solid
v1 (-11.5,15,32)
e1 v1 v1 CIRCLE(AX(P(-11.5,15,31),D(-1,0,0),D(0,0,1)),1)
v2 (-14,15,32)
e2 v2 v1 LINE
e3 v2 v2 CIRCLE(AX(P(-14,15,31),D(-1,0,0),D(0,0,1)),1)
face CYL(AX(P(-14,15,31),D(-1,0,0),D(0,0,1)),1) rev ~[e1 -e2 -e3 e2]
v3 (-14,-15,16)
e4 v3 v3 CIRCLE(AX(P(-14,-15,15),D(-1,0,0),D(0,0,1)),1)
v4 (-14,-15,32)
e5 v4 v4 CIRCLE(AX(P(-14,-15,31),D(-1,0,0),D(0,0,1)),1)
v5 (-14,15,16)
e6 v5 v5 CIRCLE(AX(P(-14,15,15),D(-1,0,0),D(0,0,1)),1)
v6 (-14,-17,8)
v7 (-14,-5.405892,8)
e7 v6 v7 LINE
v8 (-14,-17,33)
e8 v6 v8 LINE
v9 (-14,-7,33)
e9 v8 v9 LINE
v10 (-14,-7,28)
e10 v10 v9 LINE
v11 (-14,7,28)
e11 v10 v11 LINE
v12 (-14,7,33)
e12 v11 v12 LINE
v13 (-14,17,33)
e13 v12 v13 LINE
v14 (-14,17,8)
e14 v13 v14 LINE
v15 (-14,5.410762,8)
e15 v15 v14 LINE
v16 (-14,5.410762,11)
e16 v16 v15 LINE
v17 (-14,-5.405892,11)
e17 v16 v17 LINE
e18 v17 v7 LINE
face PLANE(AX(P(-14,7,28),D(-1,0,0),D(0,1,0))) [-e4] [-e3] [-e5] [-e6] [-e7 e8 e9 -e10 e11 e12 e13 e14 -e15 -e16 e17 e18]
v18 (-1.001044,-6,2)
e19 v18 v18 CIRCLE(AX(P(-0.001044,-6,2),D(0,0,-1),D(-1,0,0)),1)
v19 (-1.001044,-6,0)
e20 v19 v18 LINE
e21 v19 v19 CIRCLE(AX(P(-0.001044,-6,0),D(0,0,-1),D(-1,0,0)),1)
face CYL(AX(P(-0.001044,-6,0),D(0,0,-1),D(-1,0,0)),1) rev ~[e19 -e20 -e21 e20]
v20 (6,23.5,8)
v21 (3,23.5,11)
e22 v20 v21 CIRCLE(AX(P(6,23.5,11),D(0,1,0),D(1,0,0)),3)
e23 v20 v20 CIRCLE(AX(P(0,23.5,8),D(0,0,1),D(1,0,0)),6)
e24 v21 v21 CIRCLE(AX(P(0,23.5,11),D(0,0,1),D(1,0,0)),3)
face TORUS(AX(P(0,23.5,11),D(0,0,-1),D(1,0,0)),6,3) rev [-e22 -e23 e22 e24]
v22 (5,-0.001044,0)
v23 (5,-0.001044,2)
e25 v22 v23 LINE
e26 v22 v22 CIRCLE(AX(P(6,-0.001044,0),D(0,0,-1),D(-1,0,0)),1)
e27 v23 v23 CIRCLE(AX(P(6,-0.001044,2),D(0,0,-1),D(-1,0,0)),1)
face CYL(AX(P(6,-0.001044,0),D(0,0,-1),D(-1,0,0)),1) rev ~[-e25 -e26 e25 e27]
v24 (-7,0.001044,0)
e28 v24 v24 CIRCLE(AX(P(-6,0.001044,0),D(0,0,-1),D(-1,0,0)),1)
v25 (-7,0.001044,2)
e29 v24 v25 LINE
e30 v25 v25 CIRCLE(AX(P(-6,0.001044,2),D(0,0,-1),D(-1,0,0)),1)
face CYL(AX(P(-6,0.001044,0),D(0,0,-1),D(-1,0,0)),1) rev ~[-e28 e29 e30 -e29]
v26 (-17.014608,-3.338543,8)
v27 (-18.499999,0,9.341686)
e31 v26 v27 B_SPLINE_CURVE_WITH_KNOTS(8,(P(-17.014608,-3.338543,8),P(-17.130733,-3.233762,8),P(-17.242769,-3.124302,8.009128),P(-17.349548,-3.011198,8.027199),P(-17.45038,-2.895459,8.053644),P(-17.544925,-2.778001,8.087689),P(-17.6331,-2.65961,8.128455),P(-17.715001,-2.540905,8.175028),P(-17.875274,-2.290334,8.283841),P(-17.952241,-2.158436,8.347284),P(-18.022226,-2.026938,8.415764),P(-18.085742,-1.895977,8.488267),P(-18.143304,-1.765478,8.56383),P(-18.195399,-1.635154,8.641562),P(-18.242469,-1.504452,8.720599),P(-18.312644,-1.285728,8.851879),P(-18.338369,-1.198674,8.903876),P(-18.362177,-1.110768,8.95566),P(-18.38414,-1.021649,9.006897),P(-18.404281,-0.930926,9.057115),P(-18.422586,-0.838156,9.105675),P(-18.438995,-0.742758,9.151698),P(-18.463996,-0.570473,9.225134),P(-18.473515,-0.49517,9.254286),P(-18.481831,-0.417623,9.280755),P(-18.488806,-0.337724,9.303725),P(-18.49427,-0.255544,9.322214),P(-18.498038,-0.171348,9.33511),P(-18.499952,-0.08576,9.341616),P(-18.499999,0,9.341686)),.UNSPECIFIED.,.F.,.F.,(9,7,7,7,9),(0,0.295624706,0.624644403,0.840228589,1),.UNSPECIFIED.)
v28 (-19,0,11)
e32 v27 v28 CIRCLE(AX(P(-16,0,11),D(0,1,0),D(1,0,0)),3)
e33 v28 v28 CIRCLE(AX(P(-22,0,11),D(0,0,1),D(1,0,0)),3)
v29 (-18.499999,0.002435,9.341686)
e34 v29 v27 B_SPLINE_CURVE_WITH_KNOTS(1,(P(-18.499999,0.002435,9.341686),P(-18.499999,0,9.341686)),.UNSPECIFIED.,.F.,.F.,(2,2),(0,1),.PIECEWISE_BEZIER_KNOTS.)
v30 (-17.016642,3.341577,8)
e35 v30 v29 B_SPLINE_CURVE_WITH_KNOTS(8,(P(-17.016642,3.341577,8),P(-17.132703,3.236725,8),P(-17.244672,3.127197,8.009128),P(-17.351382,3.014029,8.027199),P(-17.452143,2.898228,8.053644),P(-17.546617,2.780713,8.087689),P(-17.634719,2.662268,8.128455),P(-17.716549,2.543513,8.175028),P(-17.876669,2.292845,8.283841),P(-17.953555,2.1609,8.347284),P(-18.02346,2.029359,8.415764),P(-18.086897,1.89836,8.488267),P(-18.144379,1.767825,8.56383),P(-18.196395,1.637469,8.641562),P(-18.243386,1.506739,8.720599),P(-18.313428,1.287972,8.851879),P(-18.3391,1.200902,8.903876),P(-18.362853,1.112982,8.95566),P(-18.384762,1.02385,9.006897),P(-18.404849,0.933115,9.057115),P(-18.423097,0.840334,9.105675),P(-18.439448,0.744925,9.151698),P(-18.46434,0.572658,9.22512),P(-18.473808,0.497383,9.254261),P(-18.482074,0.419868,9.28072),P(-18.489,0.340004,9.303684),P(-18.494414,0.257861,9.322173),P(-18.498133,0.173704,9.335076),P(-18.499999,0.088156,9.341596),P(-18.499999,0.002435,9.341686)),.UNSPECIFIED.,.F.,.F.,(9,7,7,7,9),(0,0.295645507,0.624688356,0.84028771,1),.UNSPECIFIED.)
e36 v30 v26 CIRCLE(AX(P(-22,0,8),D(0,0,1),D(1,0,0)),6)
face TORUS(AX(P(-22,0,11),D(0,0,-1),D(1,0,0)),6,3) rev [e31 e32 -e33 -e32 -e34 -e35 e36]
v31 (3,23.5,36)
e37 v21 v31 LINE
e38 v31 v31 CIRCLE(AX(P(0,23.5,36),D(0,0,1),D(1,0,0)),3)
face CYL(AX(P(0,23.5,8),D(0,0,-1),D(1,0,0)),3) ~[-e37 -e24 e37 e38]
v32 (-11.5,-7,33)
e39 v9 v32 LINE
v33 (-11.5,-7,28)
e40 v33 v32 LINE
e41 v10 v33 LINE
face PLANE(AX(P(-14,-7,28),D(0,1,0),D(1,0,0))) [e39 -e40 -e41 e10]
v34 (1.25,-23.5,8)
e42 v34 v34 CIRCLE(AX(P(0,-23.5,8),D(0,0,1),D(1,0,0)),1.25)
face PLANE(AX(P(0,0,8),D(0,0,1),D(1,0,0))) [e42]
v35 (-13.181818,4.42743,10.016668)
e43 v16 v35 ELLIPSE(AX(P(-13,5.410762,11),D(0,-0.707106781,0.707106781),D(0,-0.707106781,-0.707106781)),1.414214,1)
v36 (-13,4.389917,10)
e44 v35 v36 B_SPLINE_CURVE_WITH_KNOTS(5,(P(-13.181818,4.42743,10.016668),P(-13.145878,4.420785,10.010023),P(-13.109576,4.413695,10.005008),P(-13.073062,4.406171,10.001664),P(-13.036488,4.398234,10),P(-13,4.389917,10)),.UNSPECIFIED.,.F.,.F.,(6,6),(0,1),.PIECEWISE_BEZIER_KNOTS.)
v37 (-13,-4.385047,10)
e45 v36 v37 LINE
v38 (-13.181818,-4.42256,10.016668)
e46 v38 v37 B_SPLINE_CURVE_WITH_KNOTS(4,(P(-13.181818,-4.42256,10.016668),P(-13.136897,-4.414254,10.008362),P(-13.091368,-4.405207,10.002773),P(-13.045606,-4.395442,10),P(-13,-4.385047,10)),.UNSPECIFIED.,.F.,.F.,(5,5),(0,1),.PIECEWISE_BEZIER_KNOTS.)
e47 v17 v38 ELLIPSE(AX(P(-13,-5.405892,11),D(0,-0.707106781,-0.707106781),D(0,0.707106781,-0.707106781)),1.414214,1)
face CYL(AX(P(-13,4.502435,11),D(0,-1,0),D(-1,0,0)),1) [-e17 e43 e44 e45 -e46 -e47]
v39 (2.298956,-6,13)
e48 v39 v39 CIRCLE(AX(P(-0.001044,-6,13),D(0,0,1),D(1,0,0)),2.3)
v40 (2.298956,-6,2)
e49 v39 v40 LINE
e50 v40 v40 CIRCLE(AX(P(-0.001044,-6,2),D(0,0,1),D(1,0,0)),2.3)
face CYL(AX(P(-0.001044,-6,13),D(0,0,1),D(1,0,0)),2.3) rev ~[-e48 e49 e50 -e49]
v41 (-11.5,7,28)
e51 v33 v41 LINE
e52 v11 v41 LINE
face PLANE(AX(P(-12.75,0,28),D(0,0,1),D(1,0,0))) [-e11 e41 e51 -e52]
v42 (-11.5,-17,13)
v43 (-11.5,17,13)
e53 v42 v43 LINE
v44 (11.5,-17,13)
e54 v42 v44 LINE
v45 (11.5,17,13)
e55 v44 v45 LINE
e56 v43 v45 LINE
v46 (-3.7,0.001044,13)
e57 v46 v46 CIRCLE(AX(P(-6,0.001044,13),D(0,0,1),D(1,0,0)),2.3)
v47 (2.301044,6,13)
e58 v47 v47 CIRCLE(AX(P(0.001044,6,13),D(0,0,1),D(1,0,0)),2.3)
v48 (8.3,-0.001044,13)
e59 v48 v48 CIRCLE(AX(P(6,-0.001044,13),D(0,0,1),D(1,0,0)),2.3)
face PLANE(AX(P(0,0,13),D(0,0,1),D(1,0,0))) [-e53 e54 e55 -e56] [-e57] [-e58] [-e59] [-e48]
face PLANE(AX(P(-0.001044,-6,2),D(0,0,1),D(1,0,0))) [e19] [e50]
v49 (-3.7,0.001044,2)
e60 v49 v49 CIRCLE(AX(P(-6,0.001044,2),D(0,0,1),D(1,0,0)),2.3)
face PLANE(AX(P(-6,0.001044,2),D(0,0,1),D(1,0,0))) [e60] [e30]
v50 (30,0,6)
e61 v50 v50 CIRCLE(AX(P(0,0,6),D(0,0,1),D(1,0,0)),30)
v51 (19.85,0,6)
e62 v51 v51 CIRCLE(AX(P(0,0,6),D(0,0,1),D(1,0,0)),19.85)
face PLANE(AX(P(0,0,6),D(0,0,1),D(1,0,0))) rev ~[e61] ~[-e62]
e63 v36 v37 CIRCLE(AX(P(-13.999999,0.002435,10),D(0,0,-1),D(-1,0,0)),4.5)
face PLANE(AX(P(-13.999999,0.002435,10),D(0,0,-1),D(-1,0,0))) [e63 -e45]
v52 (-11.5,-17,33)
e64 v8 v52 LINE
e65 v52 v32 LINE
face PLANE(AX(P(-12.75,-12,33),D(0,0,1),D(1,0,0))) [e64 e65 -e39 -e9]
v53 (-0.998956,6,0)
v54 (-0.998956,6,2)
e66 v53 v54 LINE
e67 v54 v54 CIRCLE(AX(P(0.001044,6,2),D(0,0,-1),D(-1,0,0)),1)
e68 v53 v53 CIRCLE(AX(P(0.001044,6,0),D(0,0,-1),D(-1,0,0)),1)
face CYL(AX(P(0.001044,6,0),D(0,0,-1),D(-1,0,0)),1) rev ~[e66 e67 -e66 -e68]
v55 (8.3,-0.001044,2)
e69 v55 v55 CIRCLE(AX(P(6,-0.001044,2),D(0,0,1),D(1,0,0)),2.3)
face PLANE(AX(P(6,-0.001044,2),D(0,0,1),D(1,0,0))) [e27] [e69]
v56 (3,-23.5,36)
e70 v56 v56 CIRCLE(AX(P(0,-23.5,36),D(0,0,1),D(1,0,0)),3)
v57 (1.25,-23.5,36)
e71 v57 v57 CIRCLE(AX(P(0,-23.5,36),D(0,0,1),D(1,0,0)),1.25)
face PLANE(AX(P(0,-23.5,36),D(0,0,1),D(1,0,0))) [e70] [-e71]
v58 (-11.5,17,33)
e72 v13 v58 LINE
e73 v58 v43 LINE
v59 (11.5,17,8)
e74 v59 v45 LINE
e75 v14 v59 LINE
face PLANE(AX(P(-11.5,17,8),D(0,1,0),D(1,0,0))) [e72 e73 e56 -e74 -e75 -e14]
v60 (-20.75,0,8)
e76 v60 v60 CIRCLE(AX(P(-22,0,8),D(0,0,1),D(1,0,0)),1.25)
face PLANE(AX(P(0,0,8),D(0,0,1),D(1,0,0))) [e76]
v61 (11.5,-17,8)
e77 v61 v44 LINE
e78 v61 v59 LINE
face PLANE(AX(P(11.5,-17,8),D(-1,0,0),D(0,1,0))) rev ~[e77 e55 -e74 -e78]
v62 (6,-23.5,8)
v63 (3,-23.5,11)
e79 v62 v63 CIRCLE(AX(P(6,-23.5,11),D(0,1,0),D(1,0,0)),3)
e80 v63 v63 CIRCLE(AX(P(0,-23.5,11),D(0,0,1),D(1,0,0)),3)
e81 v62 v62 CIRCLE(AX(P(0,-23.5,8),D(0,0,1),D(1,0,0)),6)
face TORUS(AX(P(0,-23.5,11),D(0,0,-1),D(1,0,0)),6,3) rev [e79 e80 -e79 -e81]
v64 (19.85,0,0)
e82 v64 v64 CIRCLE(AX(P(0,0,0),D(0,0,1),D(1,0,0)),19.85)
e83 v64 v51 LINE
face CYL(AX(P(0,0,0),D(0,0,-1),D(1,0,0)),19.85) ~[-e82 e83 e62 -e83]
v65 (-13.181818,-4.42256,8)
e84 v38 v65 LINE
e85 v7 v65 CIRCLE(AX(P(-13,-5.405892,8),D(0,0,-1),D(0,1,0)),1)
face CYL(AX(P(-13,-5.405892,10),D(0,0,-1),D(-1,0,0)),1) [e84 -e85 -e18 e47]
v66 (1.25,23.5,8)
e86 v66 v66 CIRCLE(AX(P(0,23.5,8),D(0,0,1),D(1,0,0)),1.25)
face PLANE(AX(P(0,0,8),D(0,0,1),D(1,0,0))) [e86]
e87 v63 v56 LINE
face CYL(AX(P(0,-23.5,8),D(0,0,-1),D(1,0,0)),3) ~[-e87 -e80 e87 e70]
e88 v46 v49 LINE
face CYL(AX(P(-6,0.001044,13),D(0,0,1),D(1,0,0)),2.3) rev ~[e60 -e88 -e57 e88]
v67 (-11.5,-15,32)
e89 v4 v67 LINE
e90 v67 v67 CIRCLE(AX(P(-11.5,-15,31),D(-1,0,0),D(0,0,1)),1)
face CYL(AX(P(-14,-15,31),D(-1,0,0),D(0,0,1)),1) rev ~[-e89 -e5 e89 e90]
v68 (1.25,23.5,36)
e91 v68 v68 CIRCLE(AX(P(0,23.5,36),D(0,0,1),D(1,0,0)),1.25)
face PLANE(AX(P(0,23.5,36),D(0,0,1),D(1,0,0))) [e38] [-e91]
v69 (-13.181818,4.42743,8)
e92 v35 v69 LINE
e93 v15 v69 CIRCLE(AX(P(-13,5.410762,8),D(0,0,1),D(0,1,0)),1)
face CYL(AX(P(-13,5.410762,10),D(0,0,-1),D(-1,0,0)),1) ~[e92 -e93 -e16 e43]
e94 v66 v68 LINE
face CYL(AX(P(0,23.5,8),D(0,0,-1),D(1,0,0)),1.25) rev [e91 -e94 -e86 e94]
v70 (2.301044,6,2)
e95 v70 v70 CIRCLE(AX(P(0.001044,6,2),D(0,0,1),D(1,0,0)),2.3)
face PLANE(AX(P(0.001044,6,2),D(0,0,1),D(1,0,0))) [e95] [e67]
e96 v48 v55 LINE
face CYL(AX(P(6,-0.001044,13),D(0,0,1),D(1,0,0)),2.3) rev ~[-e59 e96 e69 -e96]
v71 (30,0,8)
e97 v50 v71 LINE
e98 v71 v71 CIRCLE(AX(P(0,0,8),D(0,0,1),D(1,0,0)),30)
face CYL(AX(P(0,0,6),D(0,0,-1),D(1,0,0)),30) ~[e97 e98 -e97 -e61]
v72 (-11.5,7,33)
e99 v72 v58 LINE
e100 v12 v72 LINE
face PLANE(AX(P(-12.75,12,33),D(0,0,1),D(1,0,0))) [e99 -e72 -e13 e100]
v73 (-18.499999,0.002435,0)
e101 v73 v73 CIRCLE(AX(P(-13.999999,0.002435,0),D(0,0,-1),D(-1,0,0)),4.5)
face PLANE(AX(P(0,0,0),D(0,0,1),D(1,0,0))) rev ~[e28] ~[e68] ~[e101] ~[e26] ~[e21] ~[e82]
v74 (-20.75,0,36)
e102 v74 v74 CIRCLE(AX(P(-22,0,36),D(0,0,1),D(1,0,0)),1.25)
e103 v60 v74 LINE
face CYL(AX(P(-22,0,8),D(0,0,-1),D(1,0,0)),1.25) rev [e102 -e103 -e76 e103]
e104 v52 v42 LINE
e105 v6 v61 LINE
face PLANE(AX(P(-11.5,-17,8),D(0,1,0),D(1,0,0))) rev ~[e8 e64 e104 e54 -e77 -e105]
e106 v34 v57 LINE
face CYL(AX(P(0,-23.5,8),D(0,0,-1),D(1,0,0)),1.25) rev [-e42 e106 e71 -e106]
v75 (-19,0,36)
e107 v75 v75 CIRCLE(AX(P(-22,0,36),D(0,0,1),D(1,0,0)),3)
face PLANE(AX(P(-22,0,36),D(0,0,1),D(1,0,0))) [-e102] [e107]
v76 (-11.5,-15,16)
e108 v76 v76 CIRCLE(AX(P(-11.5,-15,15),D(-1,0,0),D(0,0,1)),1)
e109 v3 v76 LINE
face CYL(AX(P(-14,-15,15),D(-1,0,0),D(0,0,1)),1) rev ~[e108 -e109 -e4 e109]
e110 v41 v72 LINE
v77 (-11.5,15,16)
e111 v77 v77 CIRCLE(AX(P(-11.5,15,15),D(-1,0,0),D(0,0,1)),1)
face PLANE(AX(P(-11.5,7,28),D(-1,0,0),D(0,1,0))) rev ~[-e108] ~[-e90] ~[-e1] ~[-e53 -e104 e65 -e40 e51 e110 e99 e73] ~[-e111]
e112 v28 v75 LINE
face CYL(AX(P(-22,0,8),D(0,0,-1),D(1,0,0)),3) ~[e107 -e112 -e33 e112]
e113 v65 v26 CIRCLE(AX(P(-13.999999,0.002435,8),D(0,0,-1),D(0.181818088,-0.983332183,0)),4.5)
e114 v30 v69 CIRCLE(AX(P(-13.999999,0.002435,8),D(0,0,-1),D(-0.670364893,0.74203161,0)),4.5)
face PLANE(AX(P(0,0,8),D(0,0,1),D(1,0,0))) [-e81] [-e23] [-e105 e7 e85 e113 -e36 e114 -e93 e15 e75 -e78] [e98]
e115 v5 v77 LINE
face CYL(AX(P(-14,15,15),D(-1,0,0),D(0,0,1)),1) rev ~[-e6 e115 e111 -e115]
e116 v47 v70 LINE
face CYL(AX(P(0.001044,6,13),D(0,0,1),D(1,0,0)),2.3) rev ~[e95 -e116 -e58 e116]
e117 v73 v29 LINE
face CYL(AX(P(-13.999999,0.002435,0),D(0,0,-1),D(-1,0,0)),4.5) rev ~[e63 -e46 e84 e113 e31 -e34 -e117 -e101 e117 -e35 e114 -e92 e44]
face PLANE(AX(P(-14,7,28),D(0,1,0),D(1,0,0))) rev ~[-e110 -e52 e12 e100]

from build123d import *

# Parameters (mm, degrees)
CROQUIS1_R              = 19.85
SALIENTE_EXTRUIR1_DEPTH = 6
CROQUIS2_R              = 30
SALIENTE_EXTRUIR3_DEPTH = 2
CROQUIS3_W              = 2.5
CROQUIS3_H              = 34
SALIENTE_EXTRUIR4_DEPTH = 20
CROQUIS4_W              = 2.5
CROQUIS4_H              = 10
SALIENTE_EXTRUIR5_DEPTH = 5
CROQUIS5_W              = 23
CROQUIS5_H              = 34
SALIENTE_EXTRUIR6_DEPTH = 5
CORTAR_EXTRUIR1_REACH   = 64.65
CROQUIS6_R              = 1
CORTAR_EXTRUIR3_REACH   = 55.749
CROQUIS8_R              = 1
CROQUIS10_R             = 3
CROQUIS10_R_2           = 1.25
SALIENTE_EXTRUIR8_DEPTH = 28
REDONDEO1_R             = 3
CROQUIS11_R             = 4.5
CORTAR_EXTRUIR5_DEPTH   = 10
REDONDEO2_R             = 1
CROQUIS12_R             = 2.3
CORTAR_EXTRUIR6_DEPTH   = 11


with BuildPart() as part:
    # Croquis1 → Saliente-Extruir1 (new body)
    with BuildSketch(Plane.XY):
        Circle(CROQUIS1_R)
    extrude(amount=SALIENTE_EXTRUIR1_DEPTH)

    # Croquis2 → Saliente-Extruir3 (add)
    with BuildSketch(Plane.XY.offset(6)):
        Circle(CROQUIS2_R)
    extrude(amount=SALIENTE_EXTRUIR3_DEPTH)

    # Croquis3 → Saliente-Extruir4 (add)
    with BuildSketch(Plane.XY.offset(8)):
        with Locations((-12.75, 0)):
            Rectangle(CROQUIS3_W, CROQUIS3_H)
    extrude(amount=SALIENTE_EXTRUIR4_DEPTH)

    # Croquis4 → Saliente-Extruir5 (add)
    with BuildSketch(Plane.XY.offset(28)):
        with Locations((-12.75, 12)):
            Rectangle(CROQUIS4_W, CROQUIS4_H)
        with Locations((-12.75, -12)):
            Rectangle(CROQUIS4_W, CROQUIS4_H)
    extrude(amount=SALIENTE_EXTRUIR5_DEPTH)

    # Croquis5 → Saliente-Extruir6 (add)
    with BuildSketch(Plane.XY.offset(8)):
        Rectangle(CROQUIS5_W, CROQUIS5_H)
    extrude(amount=SALIENTE_EXTRUIR6_DEPTH)

    # Croquis6 → Cortar-Extruir1 (cut, up to next)
    with BuildSketch(Plane.ZY.offset(14), mode=Mode.PRIVATE) as cortar_extruir1_sk1:
        with Locations((15, -15)):
            Circle(CROQUIS6_R)
    cortar_extruir1_tool1 = extrude(cortar_extruir1_sk1.sketch, amount=-CORTAR_EXTRUIR1_REACH, mode=Mode.PRIVATE) & part.part
    # Croquis6 → Cortar-Extruir1 (cut, up to next)
    with BuildSketch(Plane.ZY.offset(14), mode=Mode.PRIVATE) as cortar_extruir1_sk2:
        with Locations((31, -15)):
            Circle(CROQUIS6_R)
    cortar_extruir1_tool2 = extrude(cortar_extruir1_sk2.sketch, amount=-CORTAR_EXTRUIR1_REACH, mode=Mode.PRIVATE) & part.part
    # Croquis6 → Cortar-Extruir1 (cut, up to next)
    with BuildSketch(Plane.ZY.offset(14), mode=Mode.PRIVATE) as cortar_extruir1_sk3:
        with Locations((15, 15)):
            Circle(CROQUIS6_R)
    cortar_extruir1_tool3 = extrude(cortar_extruir1_sk3.sketch, amount=-CORTAR_EXTRUIR1_REACH, mode=Mode.PRIVATE) & part.part
    # Croquis6 → Cortar-Extruir1 (cut, up to next)
    with BuildSketch(Plane.ZY.offset(14), mode=Mode.PRIVATE) as cortar_extruir1_sk4:
        with Locations((31, 15)):
            Circle(CROQUIS6_R)
    cortar_extruir1_tool4 = extrude(cortar_extruir1_sk4.sketch, amount=-CORTAR_EXTRUIR1_REACH, mode=Mode.PRIVATE) & part.part
    add(cortar_extruir1_tool1.solids().sort_by_distance((-14, -15, 15))[0], mode=Mode.SUBTRACT)
    add(cortar_extruir1_tool2.solids().sort_by_distance((-14, -15, 31))[0], mode=Mode.SUBTRACT)
    add(cortar_extruir1_tool3.solids().sort_by_distance((-14, 15, 15))[0], mode=Mode.SUBTRACT)
    add(cortar_extruir1_tool4.solids().sort_by_distance((-14, 15, 31))[0], mode=Mode.SUBTRACT)

    # Croquis8 → Cortar-Extruir3 (cut, up to next)
    with BuildSketch(Plane(origin=(0, 0, 0), x_dir=(-1, 0, 0), z_dir=(0, 0, -1)), mode=Mode.PRIVATE) as cortar_extruir3_sk1:
        with Locations((0.001043545, -5.999999909)):
            Circle(CROQUIS8_R)
    cortar_extruir3_tool1 = extrude(cortar_extruir3_sk1.sketch, amount=-CORTAR_EXTRUIR3_REACH, mode=Mode.PRIVATE) & part.part
    # Croquis8 → Cortar-Extruir3 (cut, up to next)
    with BuildSketch(Plane(origin=(0, 0, 0), x_dir=(-1, 0, 0), z_dir=(0, 0, -1)), mode=Mode.PRIVATE) as cortar_extruir3_sk2:
        with Locations((-5.999999909, -0.001043545)):
            Circle(CROQUIS8_R)
    cortar_extruir3_tool2 = extrude(cortar_extruir3_sk2.sketch, amount=-CORTAR_EXTRUIR3_REACH, mode=Mode.PRIVATE) & part.part
    # Croquis8 → Cortar-Extruir3 (cut, up to next)
    with BuildSketch(Plane(origin=(0, 0, 0), x_dir=(-1, 0, 0), z_dir=(0, 0, -1)), mode=Mode.PRIVATE) as cortar_extruir3_sk3:
        with Locations((-0.001043545, 5.999999909)):
            Circle(CROQUIS8_R)
    cortar_extruir3_tool3 = extrude(cortar_extruir3_sk3.sketch, amount=-CORTAR_EXTRUIR3_REACH, mode=Mode.PRIVATE) & part.part
    # Croquis8 → Cortar-Extruir3 (cut, up to next)
    with BuildSketch(Plane(origin=(0, 0, 0), x_dir=(-1, 0, 0), z_dir=(0, 0, -1)), mode=Mode.PRIVATE) as cortar_extruir3_sk4:
        with Locations((5.999999909, 0.001043545)):
            Circle(CROQUIS8_R)
    cortar_extruir3_tool4 = extrude(cortar_extruir3_sk4.sketch, amount=-CORTAR_EXTRUIR3_REACH, mode=Mode.PRIVATE) & part.part
    add(cortar_extruir3_tool1.solids().sort_by_distance((-0.001044, -6, 0))[0], mode=Mode.SUBTRACT)
    add(cortar_extruir3_tool2.solids().sort_by_distance((6, -0.001044, 0))[0], mode=Mode.SUBTRACT)
    add(cortar_extruir3_tool3.solids().sort_by_distance((0.001044, 6, 0))[0], mode=Mode.SUBTRACT)
    add(cortar_extruir3_tool4.solids().sort_by_distance((-6, 0.001044, 0))[0], mode=Mode.SUBTRACT)

    # Croquis10 → Saliente-Extruir8 (add)
    # profile 1 of 3: a face of its own
    with BuildSketch(Plane.XY.offset(8)):
        with Locations((0, 23.5)):
            Circle(CROQUIS10_R)
        with Locations((0, 23.5)):
            Circle(CROQUIS10_R_2, mode=Mode.SUBTRACT)
    # profile 2 of 3: a face of its own
    with BuildSketch(Plane.XY.offset(8)):
        with Locations((0, -23.5)):
            Circle(CROQUIS10_R)
        with Locations((0, -23.5)):
            Circle(CROQUIS10_R_2, mode=Mode.SUBTRACT)
    # profile 3 of 3: a face of its own
    with BuildSketch(Plane.XY.offset(8)):
        with Locations((-22, 0)):
            Circle(CROQUIS10_R)
        with Locations((-22, 0)):
            Circle(CROQUIS10_R_2, mode=Mode.SUBTRACT)
    extrude(amount=SALIENTE_EXTRUIR8_DEPTH)

    # Redondeo1
    redondeo1_edges = [part.edges().sort_by_distance(p)[0] for p in [
        (-3, 23.5, 8),
        (-3, -23.5, 8),
        (-25, 0, 8),
    ]]
    fillet(redondeo1_edges, radius=REDONDEO1_R)

    # Croquis11 → Cortar-Extruir5 (cut)
    with BuildSketch(Plane(origin=(0, 0, 0), x_dir=(-1, 0, 0), z_dir=(0, 0, -1))):
        with Locations((13.999999486, 0.002434939)):
            Circle(CROQUIS11_R)
    extrude(amount=-CORTAR_EXTRUIR5_DEPTH, mode=Mode.SUBTRACT)

    # Redondeo2
    redondeo2_edges = [part.edges().sort_by_distance(p)[0] for p in [
        (-14, 0.002434939, 10),
        (-14, -4.497565061, 9),
        (-14, 4.502434939, 9),
    ]]
    fillet(redondeo2_edges, radius=REDONDEO2_R)

    # Croquis12 → Cortar-Extruir6 (cut)
    with BuildSketch(Plane.XY.offset(13)):
        with Locations((5.999999909, -0.001043545)):
            Circle(CROQUIS12_R)
        with Locations((-0.001043545, -5.999999909)):
            Circle(CROQUIS12_R)
        with Locations((-5.999999909, 0.001043545)):
            Circle(CROQUIS12_R)
        with Locations((0.001043545, 5.999999909)):
            Circle(CROQUIS12_R)
    extrude(amount=-CORTAR_EXTRUIR6_DEPTH, mode=Mode.SUBTRACT)


solid = part.part
